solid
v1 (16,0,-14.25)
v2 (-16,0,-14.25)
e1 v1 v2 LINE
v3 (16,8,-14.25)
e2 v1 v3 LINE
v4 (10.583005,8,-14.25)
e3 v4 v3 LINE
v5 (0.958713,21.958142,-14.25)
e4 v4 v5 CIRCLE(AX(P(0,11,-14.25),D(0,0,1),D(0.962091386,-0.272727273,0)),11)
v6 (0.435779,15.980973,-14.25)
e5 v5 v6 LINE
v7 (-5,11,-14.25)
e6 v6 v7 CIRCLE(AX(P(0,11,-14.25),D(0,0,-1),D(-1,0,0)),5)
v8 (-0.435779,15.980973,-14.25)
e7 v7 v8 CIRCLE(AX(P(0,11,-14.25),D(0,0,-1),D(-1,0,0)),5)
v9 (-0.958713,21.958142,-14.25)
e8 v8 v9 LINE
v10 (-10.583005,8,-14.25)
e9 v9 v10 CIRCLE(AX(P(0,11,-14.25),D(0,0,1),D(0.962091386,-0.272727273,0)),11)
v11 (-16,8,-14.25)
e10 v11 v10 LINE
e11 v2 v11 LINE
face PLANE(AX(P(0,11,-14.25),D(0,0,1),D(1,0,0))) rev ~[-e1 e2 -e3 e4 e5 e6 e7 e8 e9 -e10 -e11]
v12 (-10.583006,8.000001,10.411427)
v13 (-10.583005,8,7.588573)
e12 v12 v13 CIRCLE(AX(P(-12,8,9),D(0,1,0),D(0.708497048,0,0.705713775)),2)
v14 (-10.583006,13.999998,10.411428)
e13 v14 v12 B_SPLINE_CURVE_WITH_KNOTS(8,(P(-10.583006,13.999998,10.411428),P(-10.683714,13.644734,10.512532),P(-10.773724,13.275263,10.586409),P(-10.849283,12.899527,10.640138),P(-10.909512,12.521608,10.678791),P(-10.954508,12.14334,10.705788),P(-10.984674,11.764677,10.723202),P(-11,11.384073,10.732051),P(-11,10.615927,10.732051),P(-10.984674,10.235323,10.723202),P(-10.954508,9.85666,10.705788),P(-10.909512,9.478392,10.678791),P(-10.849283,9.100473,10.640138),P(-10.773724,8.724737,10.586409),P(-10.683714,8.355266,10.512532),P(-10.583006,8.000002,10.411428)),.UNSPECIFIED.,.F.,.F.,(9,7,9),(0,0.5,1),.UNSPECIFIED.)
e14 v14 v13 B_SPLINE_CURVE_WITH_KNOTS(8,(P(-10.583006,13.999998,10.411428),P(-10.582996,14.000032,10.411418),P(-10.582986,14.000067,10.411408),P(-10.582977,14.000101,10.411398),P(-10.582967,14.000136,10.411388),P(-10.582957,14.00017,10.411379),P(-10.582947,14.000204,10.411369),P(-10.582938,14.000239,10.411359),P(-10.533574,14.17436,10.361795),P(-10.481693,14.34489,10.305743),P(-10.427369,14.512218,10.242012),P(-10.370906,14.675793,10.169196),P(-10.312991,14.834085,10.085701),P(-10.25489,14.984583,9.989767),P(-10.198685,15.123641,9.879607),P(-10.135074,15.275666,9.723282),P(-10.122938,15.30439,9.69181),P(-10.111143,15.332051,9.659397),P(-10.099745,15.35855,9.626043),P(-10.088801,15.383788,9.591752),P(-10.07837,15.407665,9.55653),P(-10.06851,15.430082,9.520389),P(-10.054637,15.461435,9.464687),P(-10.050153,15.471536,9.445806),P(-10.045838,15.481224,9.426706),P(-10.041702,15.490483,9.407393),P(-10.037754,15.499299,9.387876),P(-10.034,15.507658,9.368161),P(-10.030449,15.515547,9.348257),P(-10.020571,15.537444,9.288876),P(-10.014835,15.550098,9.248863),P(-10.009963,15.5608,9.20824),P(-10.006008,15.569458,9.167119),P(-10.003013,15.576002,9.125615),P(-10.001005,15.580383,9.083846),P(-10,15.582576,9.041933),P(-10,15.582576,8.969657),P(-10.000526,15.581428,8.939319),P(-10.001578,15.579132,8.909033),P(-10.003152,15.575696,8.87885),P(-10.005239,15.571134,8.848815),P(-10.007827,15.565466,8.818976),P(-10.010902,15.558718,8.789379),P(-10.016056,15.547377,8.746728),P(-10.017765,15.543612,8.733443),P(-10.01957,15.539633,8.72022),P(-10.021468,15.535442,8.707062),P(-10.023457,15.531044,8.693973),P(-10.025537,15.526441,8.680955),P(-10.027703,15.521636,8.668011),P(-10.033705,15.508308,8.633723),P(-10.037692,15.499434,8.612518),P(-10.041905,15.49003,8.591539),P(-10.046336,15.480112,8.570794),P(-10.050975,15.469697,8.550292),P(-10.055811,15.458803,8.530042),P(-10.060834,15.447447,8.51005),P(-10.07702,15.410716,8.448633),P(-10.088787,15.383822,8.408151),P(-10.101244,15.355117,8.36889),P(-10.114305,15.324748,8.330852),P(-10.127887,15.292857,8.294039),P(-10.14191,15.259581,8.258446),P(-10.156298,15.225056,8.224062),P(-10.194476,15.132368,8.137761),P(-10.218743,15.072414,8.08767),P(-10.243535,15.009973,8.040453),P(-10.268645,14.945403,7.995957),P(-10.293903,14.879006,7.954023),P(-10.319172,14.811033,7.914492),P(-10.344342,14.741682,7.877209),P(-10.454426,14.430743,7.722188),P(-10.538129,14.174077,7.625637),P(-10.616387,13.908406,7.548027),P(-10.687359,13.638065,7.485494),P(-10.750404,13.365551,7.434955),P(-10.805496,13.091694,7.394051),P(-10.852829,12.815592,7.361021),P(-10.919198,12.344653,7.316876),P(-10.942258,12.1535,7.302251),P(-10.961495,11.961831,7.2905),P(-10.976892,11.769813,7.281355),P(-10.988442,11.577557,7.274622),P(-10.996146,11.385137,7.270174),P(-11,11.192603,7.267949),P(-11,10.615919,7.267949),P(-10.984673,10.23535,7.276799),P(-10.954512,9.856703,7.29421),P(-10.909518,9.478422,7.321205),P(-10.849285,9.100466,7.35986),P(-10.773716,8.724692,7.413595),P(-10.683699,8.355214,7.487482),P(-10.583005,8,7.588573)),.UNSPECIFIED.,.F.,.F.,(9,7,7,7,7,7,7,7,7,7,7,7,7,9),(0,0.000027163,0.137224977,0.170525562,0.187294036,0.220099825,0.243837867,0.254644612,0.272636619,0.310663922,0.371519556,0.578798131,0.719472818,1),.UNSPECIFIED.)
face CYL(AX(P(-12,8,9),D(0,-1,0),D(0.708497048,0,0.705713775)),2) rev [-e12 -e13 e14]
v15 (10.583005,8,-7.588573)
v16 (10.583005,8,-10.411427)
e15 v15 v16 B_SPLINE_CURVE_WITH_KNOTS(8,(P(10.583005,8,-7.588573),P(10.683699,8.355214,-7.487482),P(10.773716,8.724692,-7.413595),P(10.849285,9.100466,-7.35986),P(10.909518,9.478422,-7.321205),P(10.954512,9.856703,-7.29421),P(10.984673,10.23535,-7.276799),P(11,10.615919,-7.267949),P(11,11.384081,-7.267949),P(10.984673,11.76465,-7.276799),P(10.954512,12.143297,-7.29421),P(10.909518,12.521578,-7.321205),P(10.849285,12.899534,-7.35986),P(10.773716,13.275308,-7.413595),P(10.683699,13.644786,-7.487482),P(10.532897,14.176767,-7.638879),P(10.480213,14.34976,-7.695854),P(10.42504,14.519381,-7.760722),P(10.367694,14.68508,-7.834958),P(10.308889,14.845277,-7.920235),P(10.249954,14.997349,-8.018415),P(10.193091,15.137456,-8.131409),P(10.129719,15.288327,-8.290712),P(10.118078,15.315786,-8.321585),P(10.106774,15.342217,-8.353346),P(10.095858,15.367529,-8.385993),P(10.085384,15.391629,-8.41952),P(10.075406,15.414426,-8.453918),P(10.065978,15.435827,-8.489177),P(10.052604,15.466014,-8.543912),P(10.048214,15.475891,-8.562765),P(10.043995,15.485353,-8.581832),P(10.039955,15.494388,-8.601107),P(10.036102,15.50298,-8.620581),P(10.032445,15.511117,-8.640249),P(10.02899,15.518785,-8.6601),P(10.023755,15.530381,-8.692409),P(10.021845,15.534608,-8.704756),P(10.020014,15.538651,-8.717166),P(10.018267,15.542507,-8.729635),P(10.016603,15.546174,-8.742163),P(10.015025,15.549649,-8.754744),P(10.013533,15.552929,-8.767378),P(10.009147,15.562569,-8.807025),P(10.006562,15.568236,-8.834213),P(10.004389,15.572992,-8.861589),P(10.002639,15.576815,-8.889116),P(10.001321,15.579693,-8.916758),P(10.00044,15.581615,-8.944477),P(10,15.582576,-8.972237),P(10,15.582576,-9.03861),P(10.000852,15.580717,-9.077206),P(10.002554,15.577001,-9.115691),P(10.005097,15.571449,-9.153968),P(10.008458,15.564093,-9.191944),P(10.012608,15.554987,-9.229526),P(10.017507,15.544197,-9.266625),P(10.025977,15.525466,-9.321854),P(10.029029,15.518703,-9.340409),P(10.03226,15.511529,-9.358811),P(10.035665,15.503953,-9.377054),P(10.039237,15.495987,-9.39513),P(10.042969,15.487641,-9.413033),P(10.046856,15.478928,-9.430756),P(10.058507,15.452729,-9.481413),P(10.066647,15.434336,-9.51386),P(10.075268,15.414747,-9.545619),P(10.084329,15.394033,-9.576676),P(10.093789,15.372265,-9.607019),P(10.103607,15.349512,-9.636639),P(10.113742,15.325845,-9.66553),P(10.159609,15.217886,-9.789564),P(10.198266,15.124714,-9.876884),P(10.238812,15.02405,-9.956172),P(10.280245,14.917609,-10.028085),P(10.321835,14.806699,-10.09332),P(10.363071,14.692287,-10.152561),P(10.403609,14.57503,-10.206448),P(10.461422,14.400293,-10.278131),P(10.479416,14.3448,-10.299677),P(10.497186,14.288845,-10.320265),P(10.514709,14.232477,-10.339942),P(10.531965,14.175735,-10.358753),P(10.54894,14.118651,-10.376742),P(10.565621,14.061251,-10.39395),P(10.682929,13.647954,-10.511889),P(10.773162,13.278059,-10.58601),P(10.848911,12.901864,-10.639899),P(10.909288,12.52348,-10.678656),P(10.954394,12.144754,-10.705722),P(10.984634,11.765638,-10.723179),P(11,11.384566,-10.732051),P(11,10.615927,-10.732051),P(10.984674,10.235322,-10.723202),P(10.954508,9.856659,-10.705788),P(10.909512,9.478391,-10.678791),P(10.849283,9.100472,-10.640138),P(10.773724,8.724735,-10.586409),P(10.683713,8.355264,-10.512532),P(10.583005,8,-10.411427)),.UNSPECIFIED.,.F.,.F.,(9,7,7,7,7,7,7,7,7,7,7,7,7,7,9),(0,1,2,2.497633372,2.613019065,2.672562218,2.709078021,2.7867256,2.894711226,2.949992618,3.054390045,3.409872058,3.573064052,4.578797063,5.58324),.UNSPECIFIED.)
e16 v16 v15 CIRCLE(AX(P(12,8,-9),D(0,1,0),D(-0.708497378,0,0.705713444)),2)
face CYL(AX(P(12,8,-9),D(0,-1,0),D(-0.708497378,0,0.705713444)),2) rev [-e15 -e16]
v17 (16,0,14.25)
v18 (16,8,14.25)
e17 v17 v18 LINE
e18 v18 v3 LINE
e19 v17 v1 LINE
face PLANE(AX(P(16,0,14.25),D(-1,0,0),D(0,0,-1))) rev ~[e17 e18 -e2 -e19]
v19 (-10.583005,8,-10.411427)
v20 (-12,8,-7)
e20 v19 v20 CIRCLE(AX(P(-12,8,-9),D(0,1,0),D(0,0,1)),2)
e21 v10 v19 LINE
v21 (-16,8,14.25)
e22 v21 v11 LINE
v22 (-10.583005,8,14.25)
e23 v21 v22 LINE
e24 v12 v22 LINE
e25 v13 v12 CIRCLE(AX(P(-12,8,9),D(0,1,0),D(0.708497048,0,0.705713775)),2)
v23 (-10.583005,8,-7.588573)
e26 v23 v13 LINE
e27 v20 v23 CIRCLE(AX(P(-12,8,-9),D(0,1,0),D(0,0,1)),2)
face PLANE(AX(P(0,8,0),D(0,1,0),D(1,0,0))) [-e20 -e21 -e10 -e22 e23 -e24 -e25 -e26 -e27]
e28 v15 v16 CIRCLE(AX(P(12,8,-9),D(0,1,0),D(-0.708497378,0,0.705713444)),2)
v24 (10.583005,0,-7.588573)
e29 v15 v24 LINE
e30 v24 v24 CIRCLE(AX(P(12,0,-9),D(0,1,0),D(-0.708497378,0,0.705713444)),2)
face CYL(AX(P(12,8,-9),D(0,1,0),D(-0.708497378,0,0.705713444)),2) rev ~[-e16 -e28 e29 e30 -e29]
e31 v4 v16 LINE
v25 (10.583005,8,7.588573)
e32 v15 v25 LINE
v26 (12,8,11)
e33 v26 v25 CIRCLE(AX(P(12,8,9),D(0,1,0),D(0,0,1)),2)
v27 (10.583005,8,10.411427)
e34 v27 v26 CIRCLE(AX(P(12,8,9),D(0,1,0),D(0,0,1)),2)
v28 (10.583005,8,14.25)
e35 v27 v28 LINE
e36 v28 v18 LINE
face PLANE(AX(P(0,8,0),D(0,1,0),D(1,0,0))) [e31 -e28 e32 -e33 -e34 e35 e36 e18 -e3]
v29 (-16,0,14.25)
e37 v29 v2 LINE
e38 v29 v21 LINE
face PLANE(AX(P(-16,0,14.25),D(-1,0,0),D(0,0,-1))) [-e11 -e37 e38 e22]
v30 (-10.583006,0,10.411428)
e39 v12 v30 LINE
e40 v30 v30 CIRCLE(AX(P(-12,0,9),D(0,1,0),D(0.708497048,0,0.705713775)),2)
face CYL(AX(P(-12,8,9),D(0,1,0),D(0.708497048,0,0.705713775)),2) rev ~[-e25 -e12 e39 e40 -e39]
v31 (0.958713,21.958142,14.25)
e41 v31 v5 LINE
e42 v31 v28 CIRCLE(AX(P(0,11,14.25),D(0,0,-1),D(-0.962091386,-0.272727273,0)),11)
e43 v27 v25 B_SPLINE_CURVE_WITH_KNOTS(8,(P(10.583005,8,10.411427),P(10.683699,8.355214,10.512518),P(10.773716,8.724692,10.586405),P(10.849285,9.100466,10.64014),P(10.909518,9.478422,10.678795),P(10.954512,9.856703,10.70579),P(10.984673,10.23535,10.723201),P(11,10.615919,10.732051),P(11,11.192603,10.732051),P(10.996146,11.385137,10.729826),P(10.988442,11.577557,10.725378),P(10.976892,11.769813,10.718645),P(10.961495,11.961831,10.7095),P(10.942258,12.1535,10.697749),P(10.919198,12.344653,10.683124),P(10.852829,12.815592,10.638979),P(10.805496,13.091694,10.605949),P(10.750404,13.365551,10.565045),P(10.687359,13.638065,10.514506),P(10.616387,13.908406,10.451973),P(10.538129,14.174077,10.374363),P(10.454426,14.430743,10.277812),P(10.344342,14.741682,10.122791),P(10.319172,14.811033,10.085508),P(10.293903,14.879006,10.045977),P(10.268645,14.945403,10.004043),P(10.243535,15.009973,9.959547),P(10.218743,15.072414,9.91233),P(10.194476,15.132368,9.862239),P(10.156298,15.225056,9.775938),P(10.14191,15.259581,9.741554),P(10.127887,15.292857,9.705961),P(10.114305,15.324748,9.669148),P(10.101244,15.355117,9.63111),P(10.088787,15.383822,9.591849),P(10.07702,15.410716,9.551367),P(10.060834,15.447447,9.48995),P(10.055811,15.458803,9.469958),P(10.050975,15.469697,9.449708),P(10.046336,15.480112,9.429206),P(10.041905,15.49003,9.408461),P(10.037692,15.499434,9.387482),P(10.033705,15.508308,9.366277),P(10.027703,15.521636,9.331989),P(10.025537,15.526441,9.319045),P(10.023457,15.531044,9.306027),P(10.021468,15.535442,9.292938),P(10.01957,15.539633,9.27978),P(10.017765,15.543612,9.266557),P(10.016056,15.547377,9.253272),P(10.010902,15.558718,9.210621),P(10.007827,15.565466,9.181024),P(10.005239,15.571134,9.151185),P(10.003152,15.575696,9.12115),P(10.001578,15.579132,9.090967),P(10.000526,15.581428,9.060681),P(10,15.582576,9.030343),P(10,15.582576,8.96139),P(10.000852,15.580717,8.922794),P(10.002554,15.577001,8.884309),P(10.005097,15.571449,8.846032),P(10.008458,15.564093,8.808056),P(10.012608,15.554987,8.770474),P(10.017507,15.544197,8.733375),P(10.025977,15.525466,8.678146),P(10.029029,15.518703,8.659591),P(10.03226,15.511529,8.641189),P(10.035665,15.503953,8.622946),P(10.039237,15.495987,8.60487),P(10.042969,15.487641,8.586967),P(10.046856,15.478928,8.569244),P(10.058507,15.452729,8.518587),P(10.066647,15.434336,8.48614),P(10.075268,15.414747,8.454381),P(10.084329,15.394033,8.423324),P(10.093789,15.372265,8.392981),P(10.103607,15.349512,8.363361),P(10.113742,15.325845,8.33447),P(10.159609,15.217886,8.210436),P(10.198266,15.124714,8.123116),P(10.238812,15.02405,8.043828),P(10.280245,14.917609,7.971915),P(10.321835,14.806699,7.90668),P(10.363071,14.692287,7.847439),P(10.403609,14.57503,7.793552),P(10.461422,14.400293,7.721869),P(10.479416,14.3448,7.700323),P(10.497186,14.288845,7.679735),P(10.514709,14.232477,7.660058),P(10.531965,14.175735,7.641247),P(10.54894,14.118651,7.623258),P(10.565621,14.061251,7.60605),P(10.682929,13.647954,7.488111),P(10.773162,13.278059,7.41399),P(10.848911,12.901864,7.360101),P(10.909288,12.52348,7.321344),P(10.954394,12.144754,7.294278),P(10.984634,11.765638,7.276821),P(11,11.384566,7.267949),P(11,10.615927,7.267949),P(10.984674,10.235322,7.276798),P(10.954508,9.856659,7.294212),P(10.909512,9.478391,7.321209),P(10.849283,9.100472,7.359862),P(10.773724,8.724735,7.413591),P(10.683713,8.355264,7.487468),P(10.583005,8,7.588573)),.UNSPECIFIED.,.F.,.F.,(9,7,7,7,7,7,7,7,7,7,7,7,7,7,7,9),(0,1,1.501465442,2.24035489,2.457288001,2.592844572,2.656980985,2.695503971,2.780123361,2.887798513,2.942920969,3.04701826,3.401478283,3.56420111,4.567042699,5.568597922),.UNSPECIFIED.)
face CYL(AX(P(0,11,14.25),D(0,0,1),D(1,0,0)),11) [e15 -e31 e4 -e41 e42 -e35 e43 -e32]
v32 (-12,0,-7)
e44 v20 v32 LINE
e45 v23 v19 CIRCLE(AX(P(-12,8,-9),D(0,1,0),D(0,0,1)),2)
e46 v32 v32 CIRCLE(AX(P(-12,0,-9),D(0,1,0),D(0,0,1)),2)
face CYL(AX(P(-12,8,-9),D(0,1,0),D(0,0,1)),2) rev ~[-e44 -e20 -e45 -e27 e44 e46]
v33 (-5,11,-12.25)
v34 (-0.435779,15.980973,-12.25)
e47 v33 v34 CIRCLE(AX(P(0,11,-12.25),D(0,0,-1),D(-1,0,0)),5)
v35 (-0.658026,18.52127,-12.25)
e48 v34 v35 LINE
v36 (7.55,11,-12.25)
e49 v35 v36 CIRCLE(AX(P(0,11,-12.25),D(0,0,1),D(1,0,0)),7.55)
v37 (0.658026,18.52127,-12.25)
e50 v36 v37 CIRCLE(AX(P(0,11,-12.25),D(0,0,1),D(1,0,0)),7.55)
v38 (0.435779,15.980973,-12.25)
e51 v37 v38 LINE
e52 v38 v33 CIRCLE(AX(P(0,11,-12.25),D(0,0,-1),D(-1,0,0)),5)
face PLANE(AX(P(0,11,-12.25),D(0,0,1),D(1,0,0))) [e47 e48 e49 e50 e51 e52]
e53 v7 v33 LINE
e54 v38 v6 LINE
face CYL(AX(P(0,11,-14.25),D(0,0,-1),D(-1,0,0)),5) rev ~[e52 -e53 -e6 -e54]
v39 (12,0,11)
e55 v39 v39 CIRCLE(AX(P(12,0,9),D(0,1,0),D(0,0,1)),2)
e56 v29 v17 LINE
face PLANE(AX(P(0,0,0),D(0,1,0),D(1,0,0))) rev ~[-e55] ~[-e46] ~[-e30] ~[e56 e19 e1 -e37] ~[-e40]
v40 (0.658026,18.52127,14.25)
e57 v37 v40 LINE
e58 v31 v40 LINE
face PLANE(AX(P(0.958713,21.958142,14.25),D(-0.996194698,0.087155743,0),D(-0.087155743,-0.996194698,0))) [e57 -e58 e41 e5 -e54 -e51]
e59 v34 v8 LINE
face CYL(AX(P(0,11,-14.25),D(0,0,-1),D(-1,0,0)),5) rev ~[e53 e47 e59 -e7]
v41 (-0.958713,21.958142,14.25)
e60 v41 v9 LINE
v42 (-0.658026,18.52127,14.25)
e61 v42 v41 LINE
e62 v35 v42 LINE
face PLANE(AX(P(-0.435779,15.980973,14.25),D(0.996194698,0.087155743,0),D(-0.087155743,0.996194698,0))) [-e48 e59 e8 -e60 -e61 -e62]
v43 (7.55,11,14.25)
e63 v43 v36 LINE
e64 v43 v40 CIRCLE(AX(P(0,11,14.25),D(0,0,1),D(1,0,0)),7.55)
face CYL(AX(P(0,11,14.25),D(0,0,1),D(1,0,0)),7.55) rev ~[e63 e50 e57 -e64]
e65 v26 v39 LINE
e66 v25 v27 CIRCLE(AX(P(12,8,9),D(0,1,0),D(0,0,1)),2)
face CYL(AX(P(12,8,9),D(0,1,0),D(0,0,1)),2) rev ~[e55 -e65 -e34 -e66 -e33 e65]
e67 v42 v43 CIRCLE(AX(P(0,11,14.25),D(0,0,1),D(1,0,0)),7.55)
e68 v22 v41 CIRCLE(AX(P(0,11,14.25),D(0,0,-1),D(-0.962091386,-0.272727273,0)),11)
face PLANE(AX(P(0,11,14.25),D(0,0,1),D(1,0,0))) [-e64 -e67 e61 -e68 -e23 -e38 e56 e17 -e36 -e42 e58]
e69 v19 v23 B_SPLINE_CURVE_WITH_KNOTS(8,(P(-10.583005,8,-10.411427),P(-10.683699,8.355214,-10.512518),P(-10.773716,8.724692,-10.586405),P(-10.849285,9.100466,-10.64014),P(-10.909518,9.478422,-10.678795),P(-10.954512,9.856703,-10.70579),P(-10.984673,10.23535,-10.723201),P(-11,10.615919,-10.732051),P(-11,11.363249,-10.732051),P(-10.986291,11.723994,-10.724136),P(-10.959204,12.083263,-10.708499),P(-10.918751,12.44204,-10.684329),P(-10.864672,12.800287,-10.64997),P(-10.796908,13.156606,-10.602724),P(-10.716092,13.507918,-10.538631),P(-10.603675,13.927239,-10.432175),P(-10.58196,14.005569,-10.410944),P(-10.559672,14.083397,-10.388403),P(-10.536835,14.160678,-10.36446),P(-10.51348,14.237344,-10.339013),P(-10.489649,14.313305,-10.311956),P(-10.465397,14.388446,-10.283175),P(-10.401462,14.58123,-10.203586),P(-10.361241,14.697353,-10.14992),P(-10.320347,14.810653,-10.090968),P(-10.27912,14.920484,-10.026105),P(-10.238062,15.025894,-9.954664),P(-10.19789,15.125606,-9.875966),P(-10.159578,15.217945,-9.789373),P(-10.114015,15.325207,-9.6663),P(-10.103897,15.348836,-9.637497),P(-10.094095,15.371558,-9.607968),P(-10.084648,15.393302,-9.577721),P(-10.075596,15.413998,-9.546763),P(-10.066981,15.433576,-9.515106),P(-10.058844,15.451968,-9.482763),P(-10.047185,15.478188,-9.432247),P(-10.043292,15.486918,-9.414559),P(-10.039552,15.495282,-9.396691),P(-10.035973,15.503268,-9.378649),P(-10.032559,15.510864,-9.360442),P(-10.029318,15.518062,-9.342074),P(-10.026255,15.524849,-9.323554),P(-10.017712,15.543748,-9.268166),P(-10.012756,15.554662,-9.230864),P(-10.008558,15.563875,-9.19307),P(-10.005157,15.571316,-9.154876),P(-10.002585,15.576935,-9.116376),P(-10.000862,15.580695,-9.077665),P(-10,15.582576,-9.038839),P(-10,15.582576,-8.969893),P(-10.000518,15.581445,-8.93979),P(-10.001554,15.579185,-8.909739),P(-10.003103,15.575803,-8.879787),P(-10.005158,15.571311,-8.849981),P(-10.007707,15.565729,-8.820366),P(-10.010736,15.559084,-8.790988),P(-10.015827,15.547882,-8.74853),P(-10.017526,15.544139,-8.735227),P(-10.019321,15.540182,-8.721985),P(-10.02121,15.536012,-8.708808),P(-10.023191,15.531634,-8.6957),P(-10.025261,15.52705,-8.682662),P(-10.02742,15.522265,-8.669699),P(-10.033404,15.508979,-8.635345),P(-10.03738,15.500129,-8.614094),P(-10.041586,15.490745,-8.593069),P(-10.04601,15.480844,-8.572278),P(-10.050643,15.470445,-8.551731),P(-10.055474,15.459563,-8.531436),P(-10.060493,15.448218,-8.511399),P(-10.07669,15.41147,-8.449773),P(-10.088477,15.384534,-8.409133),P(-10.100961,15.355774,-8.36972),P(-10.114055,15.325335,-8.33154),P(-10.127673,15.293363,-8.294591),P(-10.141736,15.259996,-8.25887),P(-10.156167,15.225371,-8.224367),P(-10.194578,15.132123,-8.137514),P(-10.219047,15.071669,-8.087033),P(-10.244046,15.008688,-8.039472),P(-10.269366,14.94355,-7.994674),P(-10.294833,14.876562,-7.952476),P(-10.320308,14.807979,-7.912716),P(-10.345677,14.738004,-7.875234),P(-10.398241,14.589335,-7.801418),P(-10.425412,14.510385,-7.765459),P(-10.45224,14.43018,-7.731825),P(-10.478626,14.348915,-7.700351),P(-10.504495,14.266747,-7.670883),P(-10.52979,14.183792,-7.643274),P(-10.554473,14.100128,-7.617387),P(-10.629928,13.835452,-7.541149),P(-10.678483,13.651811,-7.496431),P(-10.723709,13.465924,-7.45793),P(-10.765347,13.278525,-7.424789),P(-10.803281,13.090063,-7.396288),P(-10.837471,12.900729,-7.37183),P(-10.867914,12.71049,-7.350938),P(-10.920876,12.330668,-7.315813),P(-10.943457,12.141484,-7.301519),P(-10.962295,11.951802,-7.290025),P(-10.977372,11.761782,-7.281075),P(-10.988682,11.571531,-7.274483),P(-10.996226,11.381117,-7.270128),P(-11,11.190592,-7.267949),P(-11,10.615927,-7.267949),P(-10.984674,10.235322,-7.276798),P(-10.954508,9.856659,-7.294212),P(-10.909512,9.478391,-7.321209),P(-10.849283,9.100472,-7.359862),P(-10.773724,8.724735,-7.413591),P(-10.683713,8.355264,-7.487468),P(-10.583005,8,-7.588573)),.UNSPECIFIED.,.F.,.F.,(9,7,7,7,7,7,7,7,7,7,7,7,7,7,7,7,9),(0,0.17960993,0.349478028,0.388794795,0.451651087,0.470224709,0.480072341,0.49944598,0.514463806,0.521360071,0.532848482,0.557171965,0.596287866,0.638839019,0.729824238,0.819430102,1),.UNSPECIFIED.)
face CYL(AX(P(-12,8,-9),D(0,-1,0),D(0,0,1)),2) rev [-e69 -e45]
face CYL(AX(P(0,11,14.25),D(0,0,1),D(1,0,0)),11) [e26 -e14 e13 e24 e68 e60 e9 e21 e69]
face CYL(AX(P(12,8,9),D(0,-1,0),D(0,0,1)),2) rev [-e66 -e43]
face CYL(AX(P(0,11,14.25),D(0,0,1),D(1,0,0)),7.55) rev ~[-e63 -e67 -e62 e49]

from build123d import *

# Parameters (mm, degrees)
SKETCH1_W               = 32
SKETCH1_H               = 28.5
BOSS_EXTRUDE1_DEPTH     = 8
SKETCH3_R               = 11
BOSS_EXTRUDE2_DEPTH     = 28.5
SKETCH4_R               = 7.55
CUT_EXTRUDE2_DEPTH      = 26.5
SKETCH5_R               = 5
CUT_EXTRUDE3_DEPTH      = 40.398604036
SKETCH2_R               = 2
CUT_EXTRUDE1_DEPTH      = 26.594188794
CUT_EXTRUDE1_DEPTH_BACK = 26.594188794
CUT_EXTRUDE5_DEPTH      = 40.398604164


with BuildPart() as part:
    # Sketch1 → Boss-Extrude1 (new body)
    with BuildSketch(Plane(origin=(0, 0, 0), x_dir=(1, 0, 0), z_dir=(0, 1, 0))):
        Rectangle(SKETCH1_W, SKETCH1_H)
    extrude(amount=BOSS_EXTRUDE1_DEPTH)

    # Sketch3 → Boss-Extrude2 (add, through all)
    with BuildSketch(Plane.XY.offset(14.25)):
        with Locations((0, 11)):
            Circle(SKETCH3_R)
    extrude(amount=-BOSS_EXTRUDE2_DEPTH)

    # Sketch4 → Cut-Extrude2 (cut)
    with BuildSketch(Plane.XY.offset(14.25)):
        with Locations((0, 11)):
            Circle(SKETCH4_R)
    extrude(amount=-CUT_EXTRUDE2_DEPTH, mode=Mode.SUBTRACT)

    # Sketch5 → Cut-Extrude3 (cut, through all)
    with BuildSketch(Plane(origin=(0, 0, -14.25), x_dir=(-1, 0, 0), z_dir=(0, 0, -1))):
        with Locations((0, 11)):
            Circle(SKETCH5_R)
    extrude(amount=-CUT_EXTRUDE3_DEPTH, mode=Mode.SUBTRACT)

    # Sketch2 → Cut-Extrude1 (cut, two sides)
    with BuildSketch(Plane(origin=(0, 8, 0), x_dir=(1, 0, 0), z_dir=(0, 1, 0))) as cut_extrude1_sk:
        with Locations(Location((-12, 9, 0), (0, 0, 270))):
            Circle(SKETCH2_R)
        with Locations(Location((-12, -9, 0), (0, 0, 315.112762264))):
            Circle(SKETCH2_R)
        with Locations(Location((12, -9, 0), (0, 0, 270))):
            Circle(SKETCH2_R)
        with Locations(Location((12, 9, 0), (0, 0, 224.887210993))):
            Circle(SKETCH2_R)
    extrude(amount=CUT_EXTRUDE1_DEPTH, mode=Mode.SUBTRACT)
    extrude(cut_extrude1_sk.sketch, amount=-CUT_EXTRUDE1_DEPTH_BACK, mode=Mode.SUBTRACT)

    # Sketch7 → Cut-Extrude5 (cut, through all)
    with BuildSketch(Plane.XY.offset(14.25)):
        with BuildLine():
            Line((-0.435778714, 15.98097349), (-0.95871317, 21.958141679))
            ThreePointArc((-0.95871317, 21.958141679), (0, 22), (0.95871317, 21.958141679))
            Line((0.95871317, 21.958141679), (0.435778714, 15.98097349))
            ThreePointArc((0.435778714, 15.98097349), (0, 16), (-0.435778714, 15.98097349))
        make_face()
    extrude(amount=-CUT_EXTRUDE5_DEPTH, mode=Mode.SUBTRACT)


solid = part.part
